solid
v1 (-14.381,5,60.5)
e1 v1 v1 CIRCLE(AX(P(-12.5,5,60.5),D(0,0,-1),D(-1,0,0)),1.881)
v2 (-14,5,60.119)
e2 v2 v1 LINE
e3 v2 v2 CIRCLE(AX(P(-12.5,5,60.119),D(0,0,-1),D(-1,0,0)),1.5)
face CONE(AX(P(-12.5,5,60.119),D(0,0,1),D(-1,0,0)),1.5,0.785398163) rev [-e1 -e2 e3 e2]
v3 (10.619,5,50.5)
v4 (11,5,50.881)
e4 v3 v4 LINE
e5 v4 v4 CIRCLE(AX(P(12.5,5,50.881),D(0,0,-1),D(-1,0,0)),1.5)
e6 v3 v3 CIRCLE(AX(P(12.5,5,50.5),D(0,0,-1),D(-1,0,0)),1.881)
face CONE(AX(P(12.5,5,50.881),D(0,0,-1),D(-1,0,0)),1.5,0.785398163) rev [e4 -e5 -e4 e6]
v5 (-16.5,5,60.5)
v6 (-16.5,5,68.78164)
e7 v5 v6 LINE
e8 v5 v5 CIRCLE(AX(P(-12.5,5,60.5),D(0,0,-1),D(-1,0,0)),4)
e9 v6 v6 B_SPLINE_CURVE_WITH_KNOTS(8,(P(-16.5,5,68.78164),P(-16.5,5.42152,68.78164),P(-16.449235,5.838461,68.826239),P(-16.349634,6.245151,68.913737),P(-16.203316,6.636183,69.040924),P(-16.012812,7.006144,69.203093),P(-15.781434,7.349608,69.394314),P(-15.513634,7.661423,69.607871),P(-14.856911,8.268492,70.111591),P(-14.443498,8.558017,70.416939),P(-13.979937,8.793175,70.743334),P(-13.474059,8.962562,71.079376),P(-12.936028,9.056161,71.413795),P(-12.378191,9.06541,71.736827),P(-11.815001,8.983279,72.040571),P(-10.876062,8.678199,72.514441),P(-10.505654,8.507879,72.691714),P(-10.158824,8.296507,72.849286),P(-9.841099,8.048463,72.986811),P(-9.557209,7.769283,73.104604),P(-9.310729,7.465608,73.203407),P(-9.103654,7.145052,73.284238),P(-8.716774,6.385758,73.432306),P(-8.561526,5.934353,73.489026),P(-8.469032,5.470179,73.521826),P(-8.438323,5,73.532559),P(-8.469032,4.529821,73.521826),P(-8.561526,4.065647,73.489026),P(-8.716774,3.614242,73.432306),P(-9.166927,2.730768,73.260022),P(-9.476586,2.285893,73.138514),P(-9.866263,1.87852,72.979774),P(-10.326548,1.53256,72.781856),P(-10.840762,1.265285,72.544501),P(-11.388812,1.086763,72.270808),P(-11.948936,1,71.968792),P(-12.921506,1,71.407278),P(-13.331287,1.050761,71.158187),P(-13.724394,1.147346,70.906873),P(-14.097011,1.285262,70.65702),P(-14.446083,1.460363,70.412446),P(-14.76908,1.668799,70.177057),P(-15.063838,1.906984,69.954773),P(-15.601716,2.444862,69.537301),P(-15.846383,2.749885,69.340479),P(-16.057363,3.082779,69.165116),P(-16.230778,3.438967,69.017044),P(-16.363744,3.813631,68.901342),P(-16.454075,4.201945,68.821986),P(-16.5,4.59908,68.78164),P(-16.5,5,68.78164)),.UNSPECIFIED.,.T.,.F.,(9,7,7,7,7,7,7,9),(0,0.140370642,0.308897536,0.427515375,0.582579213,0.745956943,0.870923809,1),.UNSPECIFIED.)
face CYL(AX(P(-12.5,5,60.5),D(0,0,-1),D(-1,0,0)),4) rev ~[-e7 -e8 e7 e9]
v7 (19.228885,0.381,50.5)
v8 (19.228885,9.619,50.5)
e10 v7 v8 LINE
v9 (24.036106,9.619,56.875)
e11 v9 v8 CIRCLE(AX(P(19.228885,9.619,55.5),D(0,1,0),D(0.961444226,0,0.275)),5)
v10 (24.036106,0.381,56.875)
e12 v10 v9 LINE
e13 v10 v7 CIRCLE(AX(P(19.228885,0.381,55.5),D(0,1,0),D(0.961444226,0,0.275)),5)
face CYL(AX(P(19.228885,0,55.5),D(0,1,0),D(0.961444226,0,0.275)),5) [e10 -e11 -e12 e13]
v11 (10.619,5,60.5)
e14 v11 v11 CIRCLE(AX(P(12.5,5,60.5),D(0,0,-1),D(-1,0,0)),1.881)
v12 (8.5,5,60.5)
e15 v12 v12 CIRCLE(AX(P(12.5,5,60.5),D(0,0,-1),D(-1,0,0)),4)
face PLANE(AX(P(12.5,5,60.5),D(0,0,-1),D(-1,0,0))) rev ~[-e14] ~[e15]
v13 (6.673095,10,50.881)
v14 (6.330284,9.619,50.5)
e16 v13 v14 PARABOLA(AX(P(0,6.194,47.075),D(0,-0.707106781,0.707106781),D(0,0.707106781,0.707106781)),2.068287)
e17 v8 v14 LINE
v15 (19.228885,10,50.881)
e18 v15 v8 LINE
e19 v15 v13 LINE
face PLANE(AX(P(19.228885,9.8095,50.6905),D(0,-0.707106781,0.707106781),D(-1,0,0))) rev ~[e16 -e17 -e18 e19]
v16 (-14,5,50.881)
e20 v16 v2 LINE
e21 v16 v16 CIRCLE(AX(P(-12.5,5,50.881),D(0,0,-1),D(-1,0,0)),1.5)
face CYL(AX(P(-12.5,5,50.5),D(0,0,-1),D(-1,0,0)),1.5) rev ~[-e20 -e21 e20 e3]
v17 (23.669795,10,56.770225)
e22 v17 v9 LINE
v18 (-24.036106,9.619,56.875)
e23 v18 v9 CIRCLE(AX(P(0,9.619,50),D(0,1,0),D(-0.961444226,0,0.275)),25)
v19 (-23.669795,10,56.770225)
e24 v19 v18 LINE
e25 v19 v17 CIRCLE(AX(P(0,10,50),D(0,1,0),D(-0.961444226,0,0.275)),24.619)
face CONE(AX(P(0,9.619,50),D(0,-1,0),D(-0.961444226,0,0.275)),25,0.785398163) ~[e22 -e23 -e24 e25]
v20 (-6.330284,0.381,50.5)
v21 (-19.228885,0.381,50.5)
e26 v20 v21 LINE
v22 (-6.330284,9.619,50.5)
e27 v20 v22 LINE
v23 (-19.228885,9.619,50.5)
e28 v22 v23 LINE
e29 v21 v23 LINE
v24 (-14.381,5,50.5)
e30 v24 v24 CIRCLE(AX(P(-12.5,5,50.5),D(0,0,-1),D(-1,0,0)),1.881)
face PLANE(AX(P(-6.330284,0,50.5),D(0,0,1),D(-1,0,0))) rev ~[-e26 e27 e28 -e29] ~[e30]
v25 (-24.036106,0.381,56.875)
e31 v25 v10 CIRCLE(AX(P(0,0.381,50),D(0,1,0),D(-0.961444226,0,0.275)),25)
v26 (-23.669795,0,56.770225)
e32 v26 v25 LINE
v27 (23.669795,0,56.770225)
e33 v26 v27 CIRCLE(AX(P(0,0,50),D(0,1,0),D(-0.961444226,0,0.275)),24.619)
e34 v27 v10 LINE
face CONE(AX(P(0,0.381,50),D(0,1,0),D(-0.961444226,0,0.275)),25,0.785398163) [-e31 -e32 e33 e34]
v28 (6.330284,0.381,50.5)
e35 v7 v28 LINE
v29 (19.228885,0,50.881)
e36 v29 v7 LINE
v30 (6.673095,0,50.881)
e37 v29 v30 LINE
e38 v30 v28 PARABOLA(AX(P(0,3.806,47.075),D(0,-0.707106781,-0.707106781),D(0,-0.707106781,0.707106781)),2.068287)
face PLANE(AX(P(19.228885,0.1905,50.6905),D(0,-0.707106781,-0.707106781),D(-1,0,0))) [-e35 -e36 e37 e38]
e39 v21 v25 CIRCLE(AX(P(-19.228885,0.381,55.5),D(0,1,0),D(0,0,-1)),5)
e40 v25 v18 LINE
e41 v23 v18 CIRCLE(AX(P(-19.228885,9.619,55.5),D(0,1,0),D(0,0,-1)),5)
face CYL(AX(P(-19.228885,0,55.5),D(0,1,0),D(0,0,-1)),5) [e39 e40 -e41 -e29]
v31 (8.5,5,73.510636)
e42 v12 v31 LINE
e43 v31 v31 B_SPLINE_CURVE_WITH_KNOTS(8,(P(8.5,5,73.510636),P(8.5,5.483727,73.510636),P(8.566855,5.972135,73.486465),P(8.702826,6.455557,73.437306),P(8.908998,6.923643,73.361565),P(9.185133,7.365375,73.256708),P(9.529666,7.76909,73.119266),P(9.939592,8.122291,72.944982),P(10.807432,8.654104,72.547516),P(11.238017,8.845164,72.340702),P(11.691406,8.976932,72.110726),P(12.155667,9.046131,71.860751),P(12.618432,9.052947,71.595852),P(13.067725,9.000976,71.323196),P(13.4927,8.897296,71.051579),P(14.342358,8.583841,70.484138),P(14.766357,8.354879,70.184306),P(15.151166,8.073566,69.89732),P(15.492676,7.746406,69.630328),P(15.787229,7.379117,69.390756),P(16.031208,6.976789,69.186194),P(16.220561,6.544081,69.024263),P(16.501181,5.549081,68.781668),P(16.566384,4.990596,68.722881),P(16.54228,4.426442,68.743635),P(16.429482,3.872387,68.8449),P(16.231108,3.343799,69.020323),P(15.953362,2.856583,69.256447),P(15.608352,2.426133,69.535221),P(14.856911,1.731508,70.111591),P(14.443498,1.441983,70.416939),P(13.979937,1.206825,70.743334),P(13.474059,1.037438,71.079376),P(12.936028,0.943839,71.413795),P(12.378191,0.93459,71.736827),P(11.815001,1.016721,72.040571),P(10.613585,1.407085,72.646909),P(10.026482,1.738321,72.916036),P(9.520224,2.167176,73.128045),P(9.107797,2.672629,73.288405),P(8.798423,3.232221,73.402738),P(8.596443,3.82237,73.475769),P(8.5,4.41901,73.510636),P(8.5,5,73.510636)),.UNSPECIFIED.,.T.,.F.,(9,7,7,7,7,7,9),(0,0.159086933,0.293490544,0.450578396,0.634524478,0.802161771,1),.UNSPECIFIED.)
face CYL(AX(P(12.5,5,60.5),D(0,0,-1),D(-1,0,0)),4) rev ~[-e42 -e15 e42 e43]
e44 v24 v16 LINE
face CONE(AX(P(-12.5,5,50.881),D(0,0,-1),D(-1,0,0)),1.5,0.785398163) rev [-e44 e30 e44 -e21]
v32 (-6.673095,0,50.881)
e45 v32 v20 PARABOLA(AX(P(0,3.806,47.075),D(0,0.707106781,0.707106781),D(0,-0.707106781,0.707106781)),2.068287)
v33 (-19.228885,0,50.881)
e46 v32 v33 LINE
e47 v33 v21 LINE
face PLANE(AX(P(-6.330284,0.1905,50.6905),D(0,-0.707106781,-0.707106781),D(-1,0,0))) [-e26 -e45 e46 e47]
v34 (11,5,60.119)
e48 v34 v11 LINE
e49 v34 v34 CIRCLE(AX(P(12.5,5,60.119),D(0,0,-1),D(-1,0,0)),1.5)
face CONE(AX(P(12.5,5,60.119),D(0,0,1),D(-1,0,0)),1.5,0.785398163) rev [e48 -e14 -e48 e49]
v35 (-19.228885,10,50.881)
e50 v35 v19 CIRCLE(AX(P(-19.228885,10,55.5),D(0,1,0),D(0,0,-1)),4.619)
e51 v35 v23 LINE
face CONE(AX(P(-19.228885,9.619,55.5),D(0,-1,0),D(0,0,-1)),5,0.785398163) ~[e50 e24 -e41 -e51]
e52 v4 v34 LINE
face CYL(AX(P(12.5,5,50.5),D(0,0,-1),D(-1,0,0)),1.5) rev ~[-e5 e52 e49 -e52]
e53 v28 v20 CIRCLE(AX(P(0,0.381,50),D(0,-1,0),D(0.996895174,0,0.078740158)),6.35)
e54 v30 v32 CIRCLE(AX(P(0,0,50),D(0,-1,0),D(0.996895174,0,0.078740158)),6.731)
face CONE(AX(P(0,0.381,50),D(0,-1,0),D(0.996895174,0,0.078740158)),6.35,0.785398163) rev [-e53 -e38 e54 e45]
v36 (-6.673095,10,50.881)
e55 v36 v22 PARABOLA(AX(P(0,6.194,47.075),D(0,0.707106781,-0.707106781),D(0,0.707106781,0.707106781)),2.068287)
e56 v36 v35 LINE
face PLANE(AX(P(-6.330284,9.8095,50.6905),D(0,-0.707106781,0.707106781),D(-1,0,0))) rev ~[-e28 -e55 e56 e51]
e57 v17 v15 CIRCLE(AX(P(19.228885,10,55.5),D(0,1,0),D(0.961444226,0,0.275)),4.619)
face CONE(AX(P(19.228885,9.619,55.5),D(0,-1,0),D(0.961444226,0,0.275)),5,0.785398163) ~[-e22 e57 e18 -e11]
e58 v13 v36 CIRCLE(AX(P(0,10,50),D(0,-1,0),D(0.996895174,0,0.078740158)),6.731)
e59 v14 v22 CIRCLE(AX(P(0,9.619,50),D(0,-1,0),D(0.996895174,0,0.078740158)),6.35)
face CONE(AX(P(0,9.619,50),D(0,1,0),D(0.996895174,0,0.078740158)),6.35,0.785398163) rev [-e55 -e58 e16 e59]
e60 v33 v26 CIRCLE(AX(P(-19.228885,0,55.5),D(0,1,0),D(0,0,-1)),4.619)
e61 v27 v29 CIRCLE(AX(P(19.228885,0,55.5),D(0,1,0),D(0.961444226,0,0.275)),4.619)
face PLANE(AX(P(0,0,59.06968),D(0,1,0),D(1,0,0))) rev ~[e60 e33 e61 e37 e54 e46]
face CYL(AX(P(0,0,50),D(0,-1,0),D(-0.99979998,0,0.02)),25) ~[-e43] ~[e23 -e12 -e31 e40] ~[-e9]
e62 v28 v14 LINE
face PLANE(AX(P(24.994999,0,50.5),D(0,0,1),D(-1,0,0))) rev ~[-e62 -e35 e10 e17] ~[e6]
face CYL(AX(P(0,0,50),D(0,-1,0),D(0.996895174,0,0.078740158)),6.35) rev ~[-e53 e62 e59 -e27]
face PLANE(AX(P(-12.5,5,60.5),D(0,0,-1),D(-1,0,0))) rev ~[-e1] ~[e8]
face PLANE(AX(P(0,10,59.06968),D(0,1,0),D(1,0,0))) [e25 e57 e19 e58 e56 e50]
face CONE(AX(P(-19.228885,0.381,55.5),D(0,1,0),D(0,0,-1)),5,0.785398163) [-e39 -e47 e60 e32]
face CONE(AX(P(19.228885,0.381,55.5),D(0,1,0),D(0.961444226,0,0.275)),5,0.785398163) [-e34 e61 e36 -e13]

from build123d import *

# Parameters (mm, degrees)
BOSS_EXTRUDE1_DEPTH = 10
FILLET1_R           = 5
SKETCH2_R           = 1.5
CUT_EXTRUDE1_DEPTH  = 36.878807745
CUT_EXTRUDE2_START  = -10
SKETCH2_3_R         = 4
SKETCH2_3_R_2       = 1.5
CUT_EXTRUDE2_DEPTH  = 26.878807842
CHAMFER1_SIZE       = 0.381


with BuildPart() as part:
    # Sketch1 → Boss-Extrude1 (new body)
    with BuildSketch(Plane(origin=(0, 0, 0), x_dir=(1, 0, 0), z_dir=(0, 1, 0))):
        with BuildLine():
            Line((-6.330284354, -50.5), (-24.9949995, -50.5))
            ThreePointArc((-24.9949995, -50.5), (0, -75), (24.9949995, -50.5))
            Line((24.9949995, -50.5), (6.330284354, -50.5))
            ThreePointArc((6.330284354, -50.5), (0, -56.35), (-6.330284354, -50.5))
        make_face()
    extrude(amount=BOSS_EXTRUDE1_DEPTH)

    # Fillet1
    fillet1_edges = [part.edges().sort_by_distance(p)[0] for p in [
        (24.9949995, 5, 50.5),
        (-24.9949995, 5, 50.5),
    ]]
    fillet(fillet1_edges, radius=FILLET1_R)

    # Sketch2 → Cut-Extrude1 (cut, through all)
    with BuildSketch(Plane(origin=(0, 0, 50.5), x_dir=(-1, 0, 0), z_dir=(0, 0, -1))):
        with Locations((-12.5, 5)):
            Circle(SKETCH2_R)
        with Locations((12.5, 5)):
            Circle(SKETCH2_R)
    extrude(amount=-CUT_EXTRUDE1_DEPTH, mode=Mode.SUBTRACT)

    # Sketch2<3> → Cut-Extrude2 (cut, through all)
    # profile 1 of 2: a face of its own
    with BuildSketch(Plane(origin=(0, 0, 50.5), x_dir=(-1, 0, 0), z_dir=(0, 0, -1)).offset(CUT_EXTRUDE2_START)):
        with Locations((-12.5, 5)):
            Circle(SKETCH2_3_R)
        with Locations((-12.5, 5)):
            Circle(SKETCH2_3_R_2, mode=Mode.SUBTRACT)
    # profile 2 of 2: a face of its own
    with BuildSketch(Plane(origin=(0, 0, 50.5), x_dir=(-1, 0, 0), z_dir=(0, 0, -1)).offset(CUT_EXTRUDE2_START)):
        with Locations((12.5, 5)):
            Circle(SKETCH2_3_R)
        with Locations((12.5, 5)):
            Circle(SKETCH2_3_R_2, mode=Mode.SUBTRACT)
    extrude(amount=-CUT_EXTRUDE2_DEPTH, mode=Mode.SUBTRACT)

    # Chamfer1
    chamfer1_edges = [part.edges().sort_by_distance(p)[0] for p in [
        (0, 0, 75),
        (12.779584438, 10, 50.5),
        (0, 10, 75),
        (-12.779584438, 0, 50.5),
        (23.221064379, 0, 52.489601355),
        (0, 10, 56.35),
        (-23.221064379, 0, 52.489601355),
        (-12.779584438, 10, 50.5),
        (23.221064379, 10, 52.489601355),
        (-23.221064379, 10, 52.489601355),
        (14, 5, 50.5),
        (-11, 5, 50.5),
        (14, 5, 60.5),
        (-11, 5, 60.5),
        (0, 0, 56.35),
        (12.779584438, 0, 50.5),
    ]]
    chamfer(chamfer1_edges, length=CHAMFER1_SIZE)


solid = part.part
